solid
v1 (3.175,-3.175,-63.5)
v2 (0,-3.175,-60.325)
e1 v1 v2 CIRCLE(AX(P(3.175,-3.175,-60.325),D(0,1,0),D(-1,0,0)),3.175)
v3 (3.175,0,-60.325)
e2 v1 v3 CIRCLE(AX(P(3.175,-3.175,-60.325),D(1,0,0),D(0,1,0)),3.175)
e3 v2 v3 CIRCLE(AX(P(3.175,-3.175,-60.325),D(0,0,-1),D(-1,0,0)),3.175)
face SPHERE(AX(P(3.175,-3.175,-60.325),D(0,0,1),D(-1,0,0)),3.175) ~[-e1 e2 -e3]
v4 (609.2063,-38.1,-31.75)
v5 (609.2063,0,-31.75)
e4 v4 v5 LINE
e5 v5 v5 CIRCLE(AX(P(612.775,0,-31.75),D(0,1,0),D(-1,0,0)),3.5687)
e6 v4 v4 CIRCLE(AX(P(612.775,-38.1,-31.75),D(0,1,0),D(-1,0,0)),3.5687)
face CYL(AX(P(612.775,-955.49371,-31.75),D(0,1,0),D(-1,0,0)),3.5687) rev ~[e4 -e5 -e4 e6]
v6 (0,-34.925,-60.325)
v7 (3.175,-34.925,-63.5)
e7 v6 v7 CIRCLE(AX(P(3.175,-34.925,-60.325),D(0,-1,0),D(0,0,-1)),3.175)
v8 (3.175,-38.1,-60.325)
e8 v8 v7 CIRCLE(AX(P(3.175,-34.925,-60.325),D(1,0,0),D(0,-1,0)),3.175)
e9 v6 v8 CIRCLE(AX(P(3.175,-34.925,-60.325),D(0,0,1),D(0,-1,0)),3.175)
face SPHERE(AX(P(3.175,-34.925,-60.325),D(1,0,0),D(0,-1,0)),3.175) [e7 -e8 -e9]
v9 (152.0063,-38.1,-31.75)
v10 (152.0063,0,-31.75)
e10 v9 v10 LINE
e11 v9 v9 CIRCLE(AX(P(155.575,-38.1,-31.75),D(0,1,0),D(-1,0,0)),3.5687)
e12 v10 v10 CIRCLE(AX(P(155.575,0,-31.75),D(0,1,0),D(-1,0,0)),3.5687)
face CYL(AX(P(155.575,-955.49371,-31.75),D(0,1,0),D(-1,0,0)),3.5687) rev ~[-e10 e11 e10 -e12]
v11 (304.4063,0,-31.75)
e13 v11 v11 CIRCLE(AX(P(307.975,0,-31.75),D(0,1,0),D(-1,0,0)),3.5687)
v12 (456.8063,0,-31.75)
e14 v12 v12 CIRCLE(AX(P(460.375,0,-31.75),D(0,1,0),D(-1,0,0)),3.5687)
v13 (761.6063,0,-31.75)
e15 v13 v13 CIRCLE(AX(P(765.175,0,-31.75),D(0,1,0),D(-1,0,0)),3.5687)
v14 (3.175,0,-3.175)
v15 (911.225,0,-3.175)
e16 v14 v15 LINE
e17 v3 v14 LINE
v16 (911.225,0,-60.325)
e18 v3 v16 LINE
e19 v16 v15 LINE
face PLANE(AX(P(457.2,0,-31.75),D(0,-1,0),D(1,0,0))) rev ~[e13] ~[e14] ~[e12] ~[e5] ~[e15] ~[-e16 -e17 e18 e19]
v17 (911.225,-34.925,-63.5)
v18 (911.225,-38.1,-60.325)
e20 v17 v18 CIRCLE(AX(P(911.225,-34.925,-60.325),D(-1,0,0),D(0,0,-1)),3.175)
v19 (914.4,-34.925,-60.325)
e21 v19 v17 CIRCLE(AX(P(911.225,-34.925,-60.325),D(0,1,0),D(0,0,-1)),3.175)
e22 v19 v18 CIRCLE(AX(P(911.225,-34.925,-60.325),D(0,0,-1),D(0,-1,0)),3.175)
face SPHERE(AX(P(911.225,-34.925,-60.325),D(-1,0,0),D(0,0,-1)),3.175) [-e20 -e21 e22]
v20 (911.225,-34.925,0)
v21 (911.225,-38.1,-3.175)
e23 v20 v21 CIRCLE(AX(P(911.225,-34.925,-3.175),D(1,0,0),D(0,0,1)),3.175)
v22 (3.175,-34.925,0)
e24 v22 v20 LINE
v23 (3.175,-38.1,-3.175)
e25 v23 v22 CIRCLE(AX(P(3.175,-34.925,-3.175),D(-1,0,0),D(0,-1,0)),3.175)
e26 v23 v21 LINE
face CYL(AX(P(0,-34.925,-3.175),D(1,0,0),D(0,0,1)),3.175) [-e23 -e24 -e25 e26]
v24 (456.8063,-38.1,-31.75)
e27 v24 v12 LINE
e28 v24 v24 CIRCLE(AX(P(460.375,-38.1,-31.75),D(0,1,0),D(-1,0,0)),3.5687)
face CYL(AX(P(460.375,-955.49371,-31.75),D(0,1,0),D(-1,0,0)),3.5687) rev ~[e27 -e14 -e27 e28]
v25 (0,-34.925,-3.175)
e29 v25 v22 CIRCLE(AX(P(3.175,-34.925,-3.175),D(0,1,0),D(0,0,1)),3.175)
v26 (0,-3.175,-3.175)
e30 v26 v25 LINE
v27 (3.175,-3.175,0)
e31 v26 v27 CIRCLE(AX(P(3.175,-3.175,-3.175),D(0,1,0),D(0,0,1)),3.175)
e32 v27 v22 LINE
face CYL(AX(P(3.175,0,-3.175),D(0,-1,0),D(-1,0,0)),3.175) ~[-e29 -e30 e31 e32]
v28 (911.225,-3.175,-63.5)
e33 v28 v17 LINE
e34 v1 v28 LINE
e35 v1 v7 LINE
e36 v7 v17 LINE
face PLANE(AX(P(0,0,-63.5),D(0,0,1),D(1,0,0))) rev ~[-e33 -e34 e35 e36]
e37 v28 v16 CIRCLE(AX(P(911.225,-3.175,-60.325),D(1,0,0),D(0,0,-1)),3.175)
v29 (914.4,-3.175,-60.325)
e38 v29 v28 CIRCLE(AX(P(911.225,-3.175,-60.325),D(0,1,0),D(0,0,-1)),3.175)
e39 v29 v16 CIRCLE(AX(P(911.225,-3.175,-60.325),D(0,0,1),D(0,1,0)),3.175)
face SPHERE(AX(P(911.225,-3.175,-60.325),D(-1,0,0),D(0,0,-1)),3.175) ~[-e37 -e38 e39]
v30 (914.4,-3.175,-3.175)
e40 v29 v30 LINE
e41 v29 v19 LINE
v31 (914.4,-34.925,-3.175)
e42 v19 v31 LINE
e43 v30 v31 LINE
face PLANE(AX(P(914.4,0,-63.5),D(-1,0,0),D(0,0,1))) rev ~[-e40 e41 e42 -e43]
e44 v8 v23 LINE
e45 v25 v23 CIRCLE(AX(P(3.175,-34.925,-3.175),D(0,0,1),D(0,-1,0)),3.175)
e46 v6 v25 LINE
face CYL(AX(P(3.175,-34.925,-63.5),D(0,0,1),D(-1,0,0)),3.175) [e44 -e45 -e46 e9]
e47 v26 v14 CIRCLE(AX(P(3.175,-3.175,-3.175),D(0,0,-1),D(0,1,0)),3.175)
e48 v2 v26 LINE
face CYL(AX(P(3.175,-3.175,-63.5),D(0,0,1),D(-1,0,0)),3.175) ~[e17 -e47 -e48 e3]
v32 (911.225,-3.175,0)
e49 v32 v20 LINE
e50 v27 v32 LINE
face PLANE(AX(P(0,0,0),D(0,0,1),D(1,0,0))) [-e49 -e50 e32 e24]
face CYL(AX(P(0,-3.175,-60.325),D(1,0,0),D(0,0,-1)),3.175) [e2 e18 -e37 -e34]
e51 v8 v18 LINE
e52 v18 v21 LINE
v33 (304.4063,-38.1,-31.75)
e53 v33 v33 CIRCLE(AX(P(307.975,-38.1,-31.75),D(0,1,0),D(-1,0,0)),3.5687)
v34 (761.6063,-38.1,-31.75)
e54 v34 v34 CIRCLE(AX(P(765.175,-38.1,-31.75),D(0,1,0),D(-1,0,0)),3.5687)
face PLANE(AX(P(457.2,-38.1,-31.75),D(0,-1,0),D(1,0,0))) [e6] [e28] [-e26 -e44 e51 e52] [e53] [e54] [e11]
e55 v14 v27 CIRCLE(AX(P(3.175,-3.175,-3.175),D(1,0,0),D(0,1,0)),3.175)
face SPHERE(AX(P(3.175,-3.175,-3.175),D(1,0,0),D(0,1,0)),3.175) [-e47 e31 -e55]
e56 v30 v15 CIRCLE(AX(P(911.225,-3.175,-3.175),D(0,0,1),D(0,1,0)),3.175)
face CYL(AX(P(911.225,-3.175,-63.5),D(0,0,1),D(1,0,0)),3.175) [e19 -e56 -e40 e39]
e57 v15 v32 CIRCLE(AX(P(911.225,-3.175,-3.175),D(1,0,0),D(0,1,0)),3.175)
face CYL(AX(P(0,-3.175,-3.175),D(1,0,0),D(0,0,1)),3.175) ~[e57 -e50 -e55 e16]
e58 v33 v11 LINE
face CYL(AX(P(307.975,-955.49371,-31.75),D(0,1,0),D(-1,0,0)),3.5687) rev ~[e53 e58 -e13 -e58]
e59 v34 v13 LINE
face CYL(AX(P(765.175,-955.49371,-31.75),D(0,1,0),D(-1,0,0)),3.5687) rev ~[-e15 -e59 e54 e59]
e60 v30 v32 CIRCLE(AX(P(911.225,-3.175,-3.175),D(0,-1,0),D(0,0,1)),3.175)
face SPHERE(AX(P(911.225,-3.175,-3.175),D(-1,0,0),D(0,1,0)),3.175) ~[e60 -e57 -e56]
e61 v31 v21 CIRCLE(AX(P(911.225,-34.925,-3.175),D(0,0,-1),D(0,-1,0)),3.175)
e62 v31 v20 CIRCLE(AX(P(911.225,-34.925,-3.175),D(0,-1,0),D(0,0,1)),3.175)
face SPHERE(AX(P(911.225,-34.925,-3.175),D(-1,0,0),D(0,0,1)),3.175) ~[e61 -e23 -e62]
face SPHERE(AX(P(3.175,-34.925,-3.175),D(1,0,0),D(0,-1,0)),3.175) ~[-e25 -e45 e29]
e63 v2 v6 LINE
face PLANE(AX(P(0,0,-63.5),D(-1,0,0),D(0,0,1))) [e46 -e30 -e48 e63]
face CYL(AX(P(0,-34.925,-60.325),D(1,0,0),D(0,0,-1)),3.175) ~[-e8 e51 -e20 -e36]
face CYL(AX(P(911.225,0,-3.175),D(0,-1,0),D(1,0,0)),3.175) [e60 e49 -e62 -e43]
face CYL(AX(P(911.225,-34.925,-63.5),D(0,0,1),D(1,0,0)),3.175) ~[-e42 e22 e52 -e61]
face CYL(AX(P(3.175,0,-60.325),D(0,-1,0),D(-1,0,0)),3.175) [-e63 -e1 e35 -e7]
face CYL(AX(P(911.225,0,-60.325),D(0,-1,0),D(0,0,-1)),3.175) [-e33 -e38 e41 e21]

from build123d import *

# Parameters (mm, degrees)
F0_W     = 914.4
F0_H     = 63.5
F1_DEPTH = 38.1
F2_R     = 3.175
F4_D     = 7.1374


with BuildPart() as f1:
    # F0 (on Front) → F1 (new body)
    with BuildSketch(Plane.XZ):
        with Locations((457.2, -31.75)):
            Rectangle(F0_W, F0_H)
    extrude(amount=F1_DEPTH)

    # F2
    f2_edges = [f1.edges().sort_by_distance(p)[0] for p in [
        (457.2, -38.1, 0),
        (457.2, 0, 0),
        (457.2, -38.1, -63.5),
        (0, 0, -31.75),
        (0, -38.1, -31.75),
        (0, -19.05, 0),
        (0, -19.05, -63.5),
        (457.2, 0, -63.5),
        (914.4, -19.05, -63.5),
        (914.4, 0, -31.75),
        (914.4, -19.05, 0),
        (914.4, -38.1, -31.75),
    ]]
    fillet(f2_edges, radius=F2_R)

    # F4 (through all)
    with Locations(Plane.XZ.offset(38.1)):
        with Locations((155.575, -31.75), (307.975, -31.75), (612.775, -31.75), (460.375, -31.75), (765.175, -31.75)):
            Hole(F4_D / 2)


solid = f1.part
